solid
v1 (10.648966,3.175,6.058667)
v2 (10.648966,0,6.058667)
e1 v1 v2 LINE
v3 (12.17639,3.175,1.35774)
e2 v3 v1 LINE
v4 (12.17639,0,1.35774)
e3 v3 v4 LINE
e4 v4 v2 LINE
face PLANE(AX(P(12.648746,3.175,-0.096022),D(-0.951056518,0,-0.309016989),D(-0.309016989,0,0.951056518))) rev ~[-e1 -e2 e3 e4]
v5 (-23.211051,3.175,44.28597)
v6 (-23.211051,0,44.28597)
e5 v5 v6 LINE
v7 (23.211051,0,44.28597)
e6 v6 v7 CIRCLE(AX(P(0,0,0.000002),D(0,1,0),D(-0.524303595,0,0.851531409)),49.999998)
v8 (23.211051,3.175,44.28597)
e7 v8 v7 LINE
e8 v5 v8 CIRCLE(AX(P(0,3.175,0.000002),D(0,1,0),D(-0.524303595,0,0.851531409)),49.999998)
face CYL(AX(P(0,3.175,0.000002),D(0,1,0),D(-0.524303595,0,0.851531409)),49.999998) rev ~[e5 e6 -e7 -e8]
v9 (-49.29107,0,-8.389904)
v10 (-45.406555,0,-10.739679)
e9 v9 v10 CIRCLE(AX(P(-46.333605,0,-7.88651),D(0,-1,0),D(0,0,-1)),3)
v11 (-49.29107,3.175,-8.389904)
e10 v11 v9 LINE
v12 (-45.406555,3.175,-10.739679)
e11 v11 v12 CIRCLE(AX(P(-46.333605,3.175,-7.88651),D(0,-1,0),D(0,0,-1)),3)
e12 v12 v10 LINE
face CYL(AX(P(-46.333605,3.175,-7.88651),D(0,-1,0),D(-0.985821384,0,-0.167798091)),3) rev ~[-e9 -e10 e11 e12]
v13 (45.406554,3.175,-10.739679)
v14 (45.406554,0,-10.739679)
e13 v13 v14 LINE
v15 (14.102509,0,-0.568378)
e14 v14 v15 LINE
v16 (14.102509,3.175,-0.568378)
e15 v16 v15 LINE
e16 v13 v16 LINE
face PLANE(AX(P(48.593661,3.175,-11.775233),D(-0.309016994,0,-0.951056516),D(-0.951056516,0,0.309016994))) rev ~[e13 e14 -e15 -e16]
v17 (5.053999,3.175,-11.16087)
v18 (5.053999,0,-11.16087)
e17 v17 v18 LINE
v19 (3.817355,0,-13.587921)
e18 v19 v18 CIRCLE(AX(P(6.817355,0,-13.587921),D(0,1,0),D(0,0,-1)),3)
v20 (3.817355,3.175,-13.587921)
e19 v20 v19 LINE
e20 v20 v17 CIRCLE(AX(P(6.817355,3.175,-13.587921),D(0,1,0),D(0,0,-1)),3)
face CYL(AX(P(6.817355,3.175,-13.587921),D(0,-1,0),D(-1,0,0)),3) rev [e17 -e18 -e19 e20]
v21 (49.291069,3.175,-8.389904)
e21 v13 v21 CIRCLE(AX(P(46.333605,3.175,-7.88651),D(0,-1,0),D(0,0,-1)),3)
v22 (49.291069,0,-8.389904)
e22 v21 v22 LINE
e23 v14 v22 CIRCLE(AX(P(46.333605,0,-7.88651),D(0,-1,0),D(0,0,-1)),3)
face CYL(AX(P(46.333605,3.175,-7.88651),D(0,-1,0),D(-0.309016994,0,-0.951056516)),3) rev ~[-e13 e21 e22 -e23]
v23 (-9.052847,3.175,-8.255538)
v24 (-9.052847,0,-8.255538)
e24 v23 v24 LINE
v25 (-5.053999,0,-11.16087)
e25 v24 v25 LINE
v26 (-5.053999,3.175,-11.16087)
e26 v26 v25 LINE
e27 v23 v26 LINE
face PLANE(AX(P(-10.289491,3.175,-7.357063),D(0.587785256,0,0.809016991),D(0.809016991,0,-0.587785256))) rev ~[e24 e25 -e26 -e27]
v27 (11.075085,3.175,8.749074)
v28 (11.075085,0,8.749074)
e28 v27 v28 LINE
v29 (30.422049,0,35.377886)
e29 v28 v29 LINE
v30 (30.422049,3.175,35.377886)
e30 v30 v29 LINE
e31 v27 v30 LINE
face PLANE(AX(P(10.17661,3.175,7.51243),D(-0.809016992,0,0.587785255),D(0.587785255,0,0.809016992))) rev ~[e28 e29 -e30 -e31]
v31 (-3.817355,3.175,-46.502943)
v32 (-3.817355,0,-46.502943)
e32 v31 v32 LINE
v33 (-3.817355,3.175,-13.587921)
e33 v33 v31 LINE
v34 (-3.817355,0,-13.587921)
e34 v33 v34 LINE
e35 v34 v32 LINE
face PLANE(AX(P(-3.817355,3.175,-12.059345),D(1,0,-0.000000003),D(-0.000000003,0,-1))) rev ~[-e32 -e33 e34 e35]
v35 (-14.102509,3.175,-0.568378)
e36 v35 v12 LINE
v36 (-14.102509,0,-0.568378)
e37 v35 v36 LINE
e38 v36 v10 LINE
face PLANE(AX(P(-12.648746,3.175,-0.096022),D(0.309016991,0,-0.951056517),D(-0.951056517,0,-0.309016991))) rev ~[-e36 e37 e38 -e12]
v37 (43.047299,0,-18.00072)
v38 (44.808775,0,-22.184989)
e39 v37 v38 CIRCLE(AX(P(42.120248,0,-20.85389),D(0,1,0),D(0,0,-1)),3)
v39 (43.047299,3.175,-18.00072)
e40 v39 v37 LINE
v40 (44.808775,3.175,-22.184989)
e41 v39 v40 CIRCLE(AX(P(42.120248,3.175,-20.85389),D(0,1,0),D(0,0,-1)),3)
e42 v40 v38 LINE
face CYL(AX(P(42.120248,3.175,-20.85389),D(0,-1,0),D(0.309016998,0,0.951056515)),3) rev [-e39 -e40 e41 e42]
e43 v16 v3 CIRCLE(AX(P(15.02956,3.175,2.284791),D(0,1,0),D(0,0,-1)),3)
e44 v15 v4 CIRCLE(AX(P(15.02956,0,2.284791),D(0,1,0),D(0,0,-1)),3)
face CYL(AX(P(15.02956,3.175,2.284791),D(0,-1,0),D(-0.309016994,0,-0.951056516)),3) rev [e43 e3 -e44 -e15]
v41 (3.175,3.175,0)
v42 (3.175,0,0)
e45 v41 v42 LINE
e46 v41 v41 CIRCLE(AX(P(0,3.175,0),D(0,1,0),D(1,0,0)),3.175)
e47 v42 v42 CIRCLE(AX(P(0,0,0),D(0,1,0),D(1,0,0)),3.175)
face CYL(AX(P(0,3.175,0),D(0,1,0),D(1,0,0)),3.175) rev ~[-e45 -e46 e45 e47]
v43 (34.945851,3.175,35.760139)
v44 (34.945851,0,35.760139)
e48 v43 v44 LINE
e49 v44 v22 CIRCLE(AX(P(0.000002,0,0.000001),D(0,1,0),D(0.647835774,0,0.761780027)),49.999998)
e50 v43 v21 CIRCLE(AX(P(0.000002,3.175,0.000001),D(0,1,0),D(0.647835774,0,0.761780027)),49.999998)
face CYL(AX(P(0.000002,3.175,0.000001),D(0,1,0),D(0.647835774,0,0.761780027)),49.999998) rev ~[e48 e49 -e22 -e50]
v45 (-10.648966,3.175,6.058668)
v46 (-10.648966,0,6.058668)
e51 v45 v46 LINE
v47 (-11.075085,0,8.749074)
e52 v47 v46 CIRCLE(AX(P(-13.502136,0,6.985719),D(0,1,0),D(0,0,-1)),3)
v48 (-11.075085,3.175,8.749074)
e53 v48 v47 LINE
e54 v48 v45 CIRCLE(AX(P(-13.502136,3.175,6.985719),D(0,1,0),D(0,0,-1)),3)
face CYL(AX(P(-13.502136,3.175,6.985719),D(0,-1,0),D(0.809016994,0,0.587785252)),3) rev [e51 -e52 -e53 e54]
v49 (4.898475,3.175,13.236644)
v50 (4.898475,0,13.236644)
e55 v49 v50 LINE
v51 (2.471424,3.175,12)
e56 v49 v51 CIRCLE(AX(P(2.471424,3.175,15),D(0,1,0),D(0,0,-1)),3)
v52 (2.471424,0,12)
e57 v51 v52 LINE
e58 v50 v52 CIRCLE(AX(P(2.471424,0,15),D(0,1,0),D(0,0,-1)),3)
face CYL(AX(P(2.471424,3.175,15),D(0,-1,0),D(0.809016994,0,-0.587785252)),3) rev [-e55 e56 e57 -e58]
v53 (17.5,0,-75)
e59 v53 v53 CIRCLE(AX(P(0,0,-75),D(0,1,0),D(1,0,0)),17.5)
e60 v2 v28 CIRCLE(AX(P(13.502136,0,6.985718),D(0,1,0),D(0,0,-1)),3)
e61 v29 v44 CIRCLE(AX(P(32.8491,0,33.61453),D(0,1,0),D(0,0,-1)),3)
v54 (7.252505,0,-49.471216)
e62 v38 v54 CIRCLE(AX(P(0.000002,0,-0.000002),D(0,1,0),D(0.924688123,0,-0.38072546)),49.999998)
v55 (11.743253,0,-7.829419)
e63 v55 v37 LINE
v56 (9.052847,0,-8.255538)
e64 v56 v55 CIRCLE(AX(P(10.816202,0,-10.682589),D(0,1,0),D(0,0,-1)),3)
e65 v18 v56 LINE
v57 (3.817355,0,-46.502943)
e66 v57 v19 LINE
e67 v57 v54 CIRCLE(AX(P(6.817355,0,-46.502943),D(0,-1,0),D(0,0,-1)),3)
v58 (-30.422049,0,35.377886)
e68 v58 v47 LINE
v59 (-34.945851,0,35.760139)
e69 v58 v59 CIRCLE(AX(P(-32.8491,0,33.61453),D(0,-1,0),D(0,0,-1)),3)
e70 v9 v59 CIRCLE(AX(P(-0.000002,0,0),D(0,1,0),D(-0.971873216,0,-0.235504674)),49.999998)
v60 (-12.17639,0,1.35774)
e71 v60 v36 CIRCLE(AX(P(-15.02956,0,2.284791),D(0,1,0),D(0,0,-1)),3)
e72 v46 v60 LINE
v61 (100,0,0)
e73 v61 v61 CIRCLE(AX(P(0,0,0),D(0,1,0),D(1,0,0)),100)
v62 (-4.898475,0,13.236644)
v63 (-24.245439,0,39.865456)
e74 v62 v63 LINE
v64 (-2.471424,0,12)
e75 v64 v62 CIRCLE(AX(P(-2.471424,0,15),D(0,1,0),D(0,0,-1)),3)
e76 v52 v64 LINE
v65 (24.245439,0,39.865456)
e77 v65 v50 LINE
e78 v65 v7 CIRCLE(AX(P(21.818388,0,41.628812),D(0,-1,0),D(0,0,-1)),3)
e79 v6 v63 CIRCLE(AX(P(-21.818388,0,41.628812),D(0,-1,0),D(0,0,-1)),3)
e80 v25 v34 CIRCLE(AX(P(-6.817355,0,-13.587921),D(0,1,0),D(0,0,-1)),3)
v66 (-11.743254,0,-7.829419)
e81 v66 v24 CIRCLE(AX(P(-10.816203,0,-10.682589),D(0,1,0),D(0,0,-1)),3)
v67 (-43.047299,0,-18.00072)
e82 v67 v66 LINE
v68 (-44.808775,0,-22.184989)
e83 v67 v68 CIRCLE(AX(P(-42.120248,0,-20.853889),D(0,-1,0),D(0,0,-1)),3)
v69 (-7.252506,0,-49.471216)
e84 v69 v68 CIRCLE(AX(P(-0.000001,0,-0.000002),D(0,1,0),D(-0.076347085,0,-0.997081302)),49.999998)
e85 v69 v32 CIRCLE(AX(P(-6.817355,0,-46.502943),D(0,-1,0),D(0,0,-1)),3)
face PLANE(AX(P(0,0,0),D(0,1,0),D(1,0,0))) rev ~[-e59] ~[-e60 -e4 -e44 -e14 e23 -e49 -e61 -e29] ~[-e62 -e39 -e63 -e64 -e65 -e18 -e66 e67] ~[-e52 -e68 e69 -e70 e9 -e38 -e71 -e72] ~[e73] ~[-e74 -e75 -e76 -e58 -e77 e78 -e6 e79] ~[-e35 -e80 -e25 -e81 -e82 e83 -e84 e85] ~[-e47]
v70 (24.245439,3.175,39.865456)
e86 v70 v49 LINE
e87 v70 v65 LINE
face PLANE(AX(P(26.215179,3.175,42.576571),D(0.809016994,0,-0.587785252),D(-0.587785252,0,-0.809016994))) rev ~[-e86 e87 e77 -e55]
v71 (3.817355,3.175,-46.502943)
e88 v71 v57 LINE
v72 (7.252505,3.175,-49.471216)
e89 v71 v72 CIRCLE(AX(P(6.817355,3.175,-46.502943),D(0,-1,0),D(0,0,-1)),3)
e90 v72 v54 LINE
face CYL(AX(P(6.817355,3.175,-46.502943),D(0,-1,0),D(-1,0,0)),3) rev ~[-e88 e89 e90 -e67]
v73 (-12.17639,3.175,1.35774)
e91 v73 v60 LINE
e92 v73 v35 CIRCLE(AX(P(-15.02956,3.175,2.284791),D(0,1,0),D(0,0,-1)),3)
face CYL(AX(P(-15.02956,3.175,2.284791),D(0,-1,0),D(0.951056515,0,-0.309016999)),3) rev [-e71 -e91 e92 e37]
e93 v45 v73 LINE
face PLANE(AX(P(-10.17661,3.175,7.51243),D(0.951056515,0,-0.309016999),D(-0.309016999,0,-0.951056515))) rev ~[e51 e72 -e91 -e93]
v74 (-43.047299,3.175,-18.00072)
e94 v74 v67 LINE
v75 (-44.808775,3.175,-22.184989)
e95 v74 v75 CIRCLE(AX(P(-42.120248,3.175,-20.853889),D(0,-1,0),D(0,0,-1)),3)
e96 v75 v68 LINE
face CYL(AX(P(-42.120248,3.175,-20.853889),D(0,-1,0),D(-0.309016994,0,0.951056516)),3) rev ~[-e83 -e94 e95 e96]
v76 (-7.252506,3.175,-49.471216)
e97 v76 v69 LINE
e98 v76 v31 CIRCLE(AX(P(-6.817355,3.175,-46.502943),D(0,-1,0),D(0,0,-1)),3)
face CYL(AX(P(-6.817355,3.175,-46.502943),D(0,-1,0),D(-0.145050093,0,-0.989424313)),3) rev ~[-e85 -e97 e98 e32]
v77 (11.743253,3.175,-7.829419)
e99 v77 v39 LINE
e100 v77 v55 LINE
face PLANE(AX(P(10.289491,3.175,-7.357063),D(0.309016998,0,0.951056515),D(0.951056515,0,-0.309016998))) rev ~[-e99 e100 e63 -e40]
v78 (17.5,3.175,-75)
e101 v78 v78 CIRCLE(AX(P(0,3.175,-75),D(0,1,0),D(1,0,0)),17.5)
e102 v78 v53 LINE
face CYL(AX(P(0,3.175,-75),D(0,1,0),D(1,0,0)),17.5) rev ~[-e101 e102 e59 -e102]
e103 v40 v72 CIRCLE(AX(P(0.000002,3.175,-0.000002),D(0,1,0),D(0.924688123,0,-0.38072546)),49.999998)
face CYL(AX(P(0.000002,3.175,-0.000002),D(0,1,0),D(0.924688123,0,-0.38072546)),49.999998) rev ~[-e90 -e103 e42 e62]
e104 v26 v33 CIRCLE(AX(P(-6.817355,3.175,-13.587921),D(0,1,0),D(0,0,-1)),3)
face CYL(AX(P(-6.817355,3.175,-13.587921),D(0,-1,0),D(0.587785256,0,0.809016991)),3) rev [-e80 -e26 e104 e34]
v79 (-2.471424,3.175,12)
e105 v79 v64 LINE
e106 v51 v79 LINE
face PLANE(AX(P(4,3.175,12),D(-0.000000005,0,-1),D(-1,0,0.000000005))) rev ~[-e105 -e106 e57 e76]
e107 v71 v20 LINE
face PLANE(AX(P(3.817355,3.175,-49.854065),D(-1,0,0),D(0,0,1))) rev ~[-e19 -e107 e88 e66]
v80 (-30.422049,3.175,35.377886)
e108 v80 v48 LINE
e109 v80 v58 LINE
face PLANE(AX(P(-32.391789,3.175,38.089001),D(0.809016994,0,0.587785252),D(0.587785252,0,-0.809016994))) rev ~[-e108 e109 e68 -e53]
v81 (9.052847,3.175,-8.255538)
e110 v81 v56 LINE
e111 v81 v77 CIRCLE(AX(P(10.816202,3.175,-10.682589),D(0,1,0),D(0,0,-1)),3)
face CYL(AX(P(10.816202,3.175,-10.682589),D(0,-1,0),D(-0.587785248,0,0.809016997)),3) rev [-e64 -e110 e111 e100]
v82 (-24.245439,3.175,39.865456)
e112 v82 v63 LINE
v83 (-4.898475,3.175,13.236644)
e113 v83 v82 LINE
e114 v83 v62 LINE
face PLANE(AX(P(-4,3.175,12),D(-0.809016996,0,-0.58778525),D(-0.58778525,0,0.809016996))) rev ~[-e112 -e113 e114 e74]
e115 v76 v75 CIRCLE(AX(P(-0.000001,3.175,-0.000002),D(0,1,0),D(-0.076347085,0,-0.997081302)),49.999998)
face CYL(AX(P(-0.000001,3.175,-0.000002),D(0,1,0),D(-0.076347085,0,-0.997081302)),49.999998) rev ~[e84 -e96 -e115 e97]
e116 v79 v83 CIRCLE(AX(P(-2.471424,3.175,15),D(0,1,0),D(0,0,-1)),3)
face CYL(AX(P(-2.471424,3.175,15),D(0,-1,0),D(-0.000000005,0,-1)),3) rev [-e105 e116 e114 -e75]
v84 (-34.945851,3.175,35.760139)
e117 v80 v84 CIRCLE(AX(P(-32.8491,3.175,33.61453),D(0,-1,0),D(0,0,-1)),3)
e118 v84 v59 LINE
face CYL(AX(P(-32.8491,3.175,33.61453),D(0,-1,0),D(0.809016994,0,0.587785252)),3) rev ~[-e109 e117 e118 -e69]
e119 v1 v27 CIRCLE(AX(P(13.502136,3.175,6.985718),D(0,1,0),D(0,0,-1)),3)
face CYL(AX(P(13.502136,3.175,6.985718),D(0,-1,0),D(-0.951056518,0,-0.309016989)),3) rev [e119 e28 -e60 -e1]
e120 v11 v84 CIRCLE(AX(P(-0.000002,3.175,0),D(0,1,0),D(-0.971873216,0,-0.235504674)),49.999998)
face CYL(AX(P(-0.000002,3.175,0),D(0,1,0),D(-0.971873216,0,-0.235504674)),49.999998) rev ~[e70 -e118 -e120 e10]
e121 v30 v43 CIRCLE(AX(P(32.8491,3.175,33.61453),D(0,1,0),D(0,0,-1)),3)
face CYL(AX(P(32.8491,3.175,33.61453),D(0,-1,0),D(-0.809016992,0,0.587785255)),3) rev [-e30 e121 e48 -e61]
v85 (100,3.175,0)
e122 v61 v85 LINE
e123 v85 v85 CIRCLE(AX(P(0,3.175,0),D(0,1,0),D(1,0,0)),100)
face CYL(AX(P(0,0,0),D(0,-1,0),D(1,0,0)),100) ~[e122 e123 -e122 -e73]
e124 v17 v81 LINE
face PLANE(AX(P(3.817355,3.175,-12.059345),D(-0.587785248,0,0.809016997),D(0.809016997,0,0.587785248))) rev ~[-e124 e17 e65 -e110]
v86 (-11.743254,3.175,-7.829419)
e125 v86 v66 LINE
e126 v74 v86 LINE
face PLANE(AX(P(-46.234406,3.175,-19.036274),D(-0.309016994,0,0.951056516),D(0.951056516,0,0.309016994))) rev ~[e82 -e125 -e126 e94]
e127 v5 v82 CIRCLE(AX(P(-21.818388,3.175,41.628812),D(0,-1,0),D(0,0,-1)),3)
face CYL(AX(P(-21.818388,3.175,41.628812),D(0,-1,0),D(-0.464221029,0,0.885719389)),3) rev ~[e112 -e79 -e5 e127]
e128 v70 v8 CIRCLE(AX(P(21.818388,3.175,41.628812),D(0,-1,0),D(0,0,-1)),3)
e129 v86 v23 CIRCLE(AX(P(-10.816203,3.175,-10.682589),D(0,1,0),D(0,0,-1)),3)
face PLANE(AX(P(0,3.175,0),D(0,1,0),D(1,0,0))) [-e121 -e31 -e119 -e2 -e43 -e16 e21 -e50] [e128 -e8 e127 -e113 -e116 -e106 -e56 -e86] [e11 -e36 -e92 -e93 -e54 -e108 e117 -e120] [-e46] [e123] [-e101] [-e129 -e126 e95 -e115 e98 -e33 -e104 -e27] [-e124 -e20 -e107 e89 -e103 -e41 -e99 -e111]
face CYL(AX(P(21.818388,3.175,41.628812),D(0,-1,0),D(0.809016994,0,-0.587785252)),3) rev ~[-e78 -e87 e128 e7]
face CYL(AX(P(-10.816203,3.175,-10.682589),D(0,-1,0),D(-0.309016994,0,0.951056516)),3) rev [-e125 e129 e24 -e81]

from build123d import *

# Parameters (mm, degrees)
SKETCH1_R                = 100
BOSS_EXTRUDE1_DEPTH      = 3.175
SKETCH2_R                = 17.5
CUT_EXTRUDE1_DEPTH       = 4.175
SKETCH3_R                = 3.175
CUT_EXTRUDE2_DEPTH       = 10
CUT_EXTRUDE3_DEPTH       = 3.175
FILLET1_R                = 3
CIRPATTERN1_COUNT        = 5
FILLET1_OF_CIRPATTERN1_R = 3


with BuildPart() as part:
    # Sketch1 → Boss-Extrude1 (new body)
    with BuildSketch(Plane(origin=(0, 0, 0), x_dir=(1, 0, 0), z_dir=(0, 1, 0))):
        Circle(SKETCH1_R)
    extrude(amount=BOSS_EXTRUDE1_DEPTH)

    # Sketch2 → Cut-Extrude1 (cut, through all)
    with BuildSketch(Plane(origin=(0, 3.175, 0), x_dir=(1, 0, 0), z_dir=(0, 1, 0))):
        with Locations((0, 75)):
            Circle(SKETCH2_R)
    extrude(amount=-CUT_EXTRUDE1_DEPTH, mode=Mode.SUBTRACT)

    # Sketch3 → Cut-Extrude2 (cut)
    with BuildSketch(Plane(origin=(0, 3.175, 0), x_dir=(1, 0, 0), z_dir=(0, 1, 0))):
        Circle(SKETCH3_R)
    extrude(amount=-CUT_EXTRUDE2_DEPTH, mode=Mode.SUBTRACT)

    # Sketch4 → Cut-Extrude3 (cut)
    with BuildSketch(Plane(origin=(0, 3.175, 0), x_dir=(1, 0, 0), z_dir=(0, 1, 0))):
        with BuildLine():
            Line((3.817355, 49.854065), (3.817355, 12.059345))
            Line((3.817355, 12.059345), (10.289491, 7.357063))
            Line((10.289491, 7.357063), (46.234406, 19.036274))
            ThreePointArc((46.234406, 19.036274), (29.389263, 40.45085), (3.817355, 49.854065))
        make_face()
    cut_extrude3 = extrude(amount=-CUT_EXTRUDE3_DEPTH, mode=Mode.SUBTRACT)

    # Fillet1
    fillet1_edges = [part.edges().sort_by_distance(p)[0] for p in [
        (3.817355, 1.5875, -49.854065),
        (46.234406, 1.5875, -19.036274),
        (10.289491, 1.5875, -7.357063),
        (3.817355, 1.5875, -12.059345),
    ]]
    fillet(fillet1_edges, radius=FILLET1_R)

    # CirPattern1: Cut-Extrude3 ×5 about axis
    cirpattern1_axis = Axis((0, 0, 0), (0, 1, 0))
    for i in range(1, CIRPATTERN1_COUNT):
        add(cut_extrude3.rotate(cirpattern1_axis, i * 360 / CIRPATTERN1_COUNT), mode=Mode.SUBTRACT)

    # Fillet1 of CirPattern1
    fillet1_of_cirpattern1_edges = [part.edges().sort_by_distance(p)[0] for p in [
        (-46.234406, 1.5875, -19.036274),
        (-3.817355, 1.5875, -49.854065),
        (-3.817355, 1.5875, -12.059345),
        (-10.289491, 1.5875, -7.357063),
        (-32.391789, 1.5875, 38.089001),
        (-48.593661, 1.5875, -11.775233),
        (-12.648746, 1.5875, -0.096022),
        (-10.17661, 1.5875, 7.51243),
        (26.215179, 1.5875, 42.576571),
        (-26.215179, 1.5875, 42.576571),
        (-4, 1.5875, 12),
        (4, 1.5875, 12),
        (48.593661, 1.5875, -11.775233),
        (32.391789, 1.5875, 38.089001),
        (10.17661, 1.5875, 7.51243),
        (12.648746, 1.5875, -0.096022),
    ]]
    fillet(fillet1_of_cirpattern1_edges, radius=FILLET1_OF_CIRPATTERN1_R)


solid = part.part
